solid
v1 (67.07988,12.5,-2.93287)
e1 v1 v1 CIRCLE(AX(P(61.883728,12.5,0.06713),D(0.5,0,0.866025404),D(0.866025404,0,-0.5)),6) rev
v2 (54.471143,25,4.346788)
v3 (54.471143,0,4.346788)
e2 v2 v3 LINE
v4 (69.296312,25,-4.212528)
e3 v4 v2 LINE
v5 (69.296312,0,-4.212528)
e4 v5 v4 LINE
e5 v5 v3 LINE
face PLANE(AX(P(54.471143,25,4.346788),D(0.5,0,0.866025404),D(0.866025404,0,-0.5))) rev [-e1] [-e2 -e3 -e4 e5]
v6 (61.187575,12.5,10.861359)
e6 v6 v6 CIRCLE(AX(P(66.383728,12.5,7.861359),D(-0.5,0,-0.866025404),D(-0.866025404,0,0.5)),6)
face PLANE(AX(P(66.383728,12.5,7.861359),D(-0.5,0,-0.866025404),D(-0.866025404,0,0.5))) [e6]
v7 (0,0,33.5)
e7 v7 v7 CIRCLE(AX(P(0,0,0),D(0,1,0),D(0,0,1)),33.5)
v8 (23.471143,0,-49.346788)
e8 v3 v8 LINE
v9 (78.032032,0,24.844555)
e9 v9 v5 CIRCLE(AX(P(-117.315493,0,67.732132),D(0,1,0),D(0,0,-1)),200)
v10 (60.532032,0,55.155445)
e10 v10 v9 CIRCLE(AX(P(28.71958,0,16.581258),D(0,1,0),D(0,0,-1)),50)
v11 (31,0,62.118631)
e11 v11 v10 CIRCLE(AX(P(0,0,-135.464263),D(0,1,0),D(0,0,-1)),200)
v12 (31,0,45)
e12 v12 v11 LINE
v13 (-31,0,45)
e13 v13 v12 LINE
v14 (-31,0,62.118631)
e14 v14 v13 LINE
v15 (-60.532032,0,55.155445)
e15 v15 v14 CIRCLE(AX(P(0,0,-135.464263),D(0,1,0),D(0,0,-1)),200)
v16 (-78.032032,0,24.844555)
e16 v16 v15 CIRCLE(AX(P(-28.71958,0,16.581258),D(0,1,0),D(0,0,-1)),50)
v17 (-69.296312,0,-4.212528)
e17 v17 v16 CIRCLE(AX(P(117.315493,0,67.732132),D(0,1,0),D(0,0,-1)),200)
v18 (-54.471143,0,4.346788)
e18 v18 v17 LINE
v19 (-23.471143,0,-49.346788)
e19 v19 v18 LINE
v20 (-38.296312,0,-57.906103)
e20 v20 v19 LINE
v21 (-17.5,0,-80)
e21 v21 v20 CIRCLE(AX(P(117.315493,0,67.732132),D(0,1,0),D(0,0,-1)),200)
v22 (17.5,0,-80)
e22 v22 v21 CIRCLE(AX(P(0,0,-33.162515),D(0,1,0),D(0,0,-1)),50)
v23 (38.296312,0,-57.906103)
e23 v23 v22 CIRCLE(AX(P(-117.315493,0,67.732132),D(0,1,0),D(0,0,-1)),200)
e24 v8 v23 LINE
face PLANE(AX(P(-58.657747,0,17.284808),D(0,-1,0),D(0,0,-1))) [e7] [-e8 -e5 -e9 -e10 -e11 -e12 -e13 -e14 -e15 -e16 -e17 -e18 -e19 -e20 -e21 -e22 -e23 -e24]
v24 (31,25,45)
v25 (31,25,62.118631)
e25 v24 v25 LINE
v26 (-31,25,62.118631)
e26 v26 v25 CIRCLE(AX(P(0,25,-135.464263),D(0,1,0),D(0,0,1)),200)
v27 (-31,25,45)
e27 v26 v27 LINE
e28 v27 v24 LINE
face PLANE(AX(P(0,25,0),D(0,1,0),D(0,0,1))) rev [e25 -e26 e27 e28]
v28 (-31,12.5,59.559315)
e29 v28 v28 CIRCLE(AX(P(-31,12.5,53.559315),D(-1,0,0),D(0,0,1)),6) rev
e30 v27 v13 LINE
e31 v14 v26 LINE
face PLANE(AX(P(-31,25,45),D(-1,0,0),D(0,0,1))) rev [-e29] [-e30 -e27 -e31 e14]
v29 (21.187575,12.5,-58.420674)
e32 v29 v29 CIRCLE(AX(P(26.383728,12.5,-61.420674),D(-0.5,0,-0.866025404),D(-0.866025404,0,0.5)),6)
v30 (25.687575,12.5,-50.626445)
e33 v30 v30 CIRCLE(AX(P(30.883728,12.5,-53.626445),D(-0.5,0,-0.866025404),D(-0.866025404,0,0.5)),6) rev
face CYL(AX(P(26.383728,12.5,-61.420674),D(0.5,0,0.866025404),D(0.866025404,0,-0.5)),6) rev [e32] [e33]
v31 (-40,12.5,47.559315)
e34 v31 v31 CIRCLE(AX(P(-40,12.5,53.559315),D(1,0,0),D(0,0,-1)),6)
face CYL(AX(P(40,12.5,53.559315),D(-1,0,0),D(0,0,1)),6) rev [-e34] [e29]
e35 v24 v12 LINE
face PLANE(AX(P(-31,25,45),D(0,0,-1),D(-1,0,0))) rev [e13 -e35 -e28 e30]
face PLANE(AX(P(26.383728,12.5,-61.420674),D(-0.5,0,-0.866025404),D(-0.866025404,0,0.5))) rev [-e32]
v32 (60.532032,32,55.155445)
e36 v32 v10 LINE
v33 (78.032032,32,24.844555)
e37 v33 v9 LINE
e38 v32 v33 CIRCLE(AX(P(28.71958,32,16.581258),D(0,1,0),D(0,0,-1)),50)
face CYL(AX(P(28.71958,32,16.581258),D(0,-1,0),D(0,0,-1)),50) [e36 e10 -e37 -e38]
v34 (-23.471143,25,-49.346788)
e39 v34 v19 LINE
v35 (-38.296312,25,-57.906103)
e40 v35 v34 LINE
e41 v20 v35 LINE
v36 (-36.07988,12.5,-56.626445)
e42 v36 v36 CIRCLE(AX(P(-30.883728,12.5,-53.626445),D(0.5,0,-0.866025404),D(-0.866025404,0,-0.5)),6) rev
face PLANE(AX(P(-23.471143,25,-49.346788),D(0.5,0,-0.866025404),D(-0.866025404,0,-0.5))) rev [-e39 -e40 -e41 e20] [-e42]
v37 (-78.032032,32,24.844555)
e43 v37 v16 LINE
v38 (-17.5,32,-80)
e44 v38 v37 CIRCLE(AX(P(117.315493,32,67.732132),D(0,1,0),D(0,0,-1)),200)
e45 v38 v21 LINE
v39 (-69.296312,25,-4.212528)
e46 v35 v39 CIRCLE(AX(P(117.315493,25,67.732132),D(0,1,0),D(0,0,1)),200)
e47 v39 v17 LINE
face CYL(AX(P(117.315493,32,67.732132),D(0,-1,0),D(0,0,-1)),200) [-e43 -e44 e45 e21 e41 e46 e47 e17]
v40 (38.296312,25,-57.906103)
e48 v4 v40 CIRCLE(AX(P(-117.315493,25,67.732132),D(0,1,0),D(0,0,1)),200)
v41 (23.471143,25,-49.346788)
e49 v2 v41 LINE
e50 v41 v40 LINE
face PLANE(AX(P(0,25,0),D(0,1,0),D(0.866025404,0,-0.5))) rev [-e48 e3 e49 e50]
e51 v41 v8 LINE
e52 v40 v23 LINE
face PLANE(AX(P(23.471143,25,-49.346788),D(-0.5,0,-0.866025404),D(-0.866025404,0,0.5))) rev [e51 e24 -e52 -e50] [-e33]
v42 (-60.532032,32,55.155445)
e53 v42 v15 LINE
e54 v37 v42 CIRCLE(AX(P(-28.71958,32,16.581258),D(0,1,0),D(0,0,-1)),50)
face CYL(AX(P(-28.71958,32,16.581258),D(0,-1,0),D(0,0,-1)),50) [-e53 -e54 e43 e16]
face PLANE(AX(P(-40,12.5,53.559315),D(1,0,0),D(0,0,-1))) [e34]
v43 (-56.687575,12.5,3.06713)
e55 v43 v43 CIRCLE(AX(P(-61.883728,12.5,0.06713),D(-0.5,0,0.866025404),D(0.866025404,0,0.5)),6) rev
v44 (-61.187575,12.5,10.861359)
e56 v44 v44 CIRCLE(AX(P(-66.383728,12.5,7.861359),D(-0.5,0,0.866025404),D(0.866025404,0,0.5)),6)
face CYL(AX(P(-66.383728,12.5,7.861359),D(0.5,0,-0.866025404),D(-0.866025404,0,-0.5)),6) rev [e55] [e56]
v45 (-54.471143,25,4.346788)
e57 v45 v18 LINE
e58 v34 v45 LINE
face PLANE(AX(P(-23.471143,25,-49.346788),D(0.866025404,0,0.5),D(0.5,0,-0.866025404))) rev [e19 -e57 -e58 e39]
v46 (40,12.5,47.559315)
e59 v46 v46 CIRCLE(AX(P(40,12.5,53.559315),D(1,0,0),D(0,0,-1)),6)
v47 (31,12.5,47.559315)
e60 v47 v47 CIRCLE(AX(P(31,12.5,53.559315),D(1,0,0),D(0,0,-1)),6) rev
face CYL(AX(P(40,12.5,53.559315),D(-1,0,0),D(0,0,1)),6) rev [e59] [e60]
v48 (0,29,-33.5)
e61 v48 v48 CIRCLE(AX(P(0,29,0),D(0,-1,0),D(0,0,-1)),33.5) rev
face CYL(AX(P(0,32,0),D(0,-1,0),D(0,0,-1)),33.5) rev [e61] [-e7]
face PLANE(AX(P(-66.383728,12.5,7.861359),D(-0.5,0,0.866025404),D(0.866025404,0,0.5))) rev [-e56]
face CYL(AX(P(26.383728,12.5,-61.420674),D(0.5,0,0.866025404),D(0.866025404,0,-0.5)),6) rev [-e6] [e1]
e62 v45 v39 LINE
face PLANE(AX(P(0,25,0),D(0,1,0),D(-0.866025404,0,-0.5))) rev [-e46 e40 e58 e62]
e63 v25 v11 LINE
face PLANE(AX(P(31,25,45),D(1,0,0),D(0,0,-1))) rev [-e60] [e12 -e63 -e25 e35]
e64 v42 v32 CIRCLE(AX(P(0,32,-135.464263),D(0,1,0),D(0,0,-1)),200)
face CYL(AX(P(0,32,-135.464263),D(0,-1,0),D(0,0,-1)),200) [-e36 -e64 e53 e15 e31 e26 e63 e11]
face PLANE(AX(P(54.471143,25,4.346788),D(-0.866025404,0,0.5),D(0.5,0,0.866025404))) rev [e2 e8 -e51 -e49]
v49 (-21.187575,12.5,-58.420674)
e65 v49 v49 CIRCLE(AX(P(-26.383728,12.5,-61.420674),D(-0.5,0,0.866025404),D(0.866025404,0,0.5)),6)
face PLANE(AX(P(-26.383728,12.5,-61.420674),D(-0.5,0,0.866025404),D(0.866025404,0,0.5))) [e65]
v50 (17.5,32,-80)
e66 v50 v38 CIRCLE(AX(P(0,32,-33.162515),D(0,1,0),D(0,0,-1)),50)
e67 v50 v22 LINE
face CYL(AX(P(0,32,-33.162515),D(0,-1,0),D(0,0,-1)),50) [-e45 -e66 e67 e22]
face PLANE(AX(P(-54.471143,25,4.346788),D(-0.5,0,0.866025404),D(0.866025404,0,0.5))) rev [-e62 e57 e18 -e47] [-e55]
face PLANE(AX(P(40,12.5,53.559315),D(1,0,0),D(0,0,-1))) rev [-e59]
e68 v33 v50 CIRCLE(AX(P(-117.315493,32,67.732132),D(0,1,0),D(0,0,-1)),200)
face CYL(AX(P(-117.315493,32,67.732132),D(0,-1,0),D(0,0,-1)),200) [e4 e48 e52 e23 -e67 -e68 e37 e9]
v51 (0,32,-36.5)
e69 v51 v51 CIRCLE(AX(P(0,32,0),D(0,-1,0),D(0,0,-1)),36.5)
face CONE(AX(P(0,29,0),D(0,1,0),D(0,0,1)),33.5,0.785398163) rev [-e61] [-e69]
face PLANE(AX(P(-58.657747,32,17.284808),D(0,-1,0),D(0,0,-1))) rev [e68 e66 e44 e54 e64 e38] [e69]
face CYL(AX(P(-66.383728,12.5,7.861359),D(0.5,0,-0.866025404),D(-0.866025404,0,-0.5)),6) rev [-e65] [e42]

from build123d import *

# Parameters (mm, degrees)
SKETCH1_R           = 33.5
BOSS_EXTRUDE1_DEPTH = 32
CHAMFER1_SIZE       = 3
SKETCH2_W           = 62
SKETCH2_H           = 20
CUT_EXTRUDE1_DEPTH  = 25
SKETCH3_R           = 6
CUT_EXTRUDE2_DEPTH  = 40
CIRPATTERN1_COUNT   = 3


with BuildPart() as part:
    # Sketch1 → Boss-Extrude1 (new body)
    with BuildSketch(Plane(origin=(0, 0, 0), x_dir=(1, 0, 0), z_dir=(0, 1, 0))):
        with BuildLine():
            ThreePointArc((17.5, 80), (55.889587347, 32.2678683), (78.032032303, -24.844555434))
            ThreePointArc((78.032032303, -24.844555434), (72.020850643, -41.581257506), (60.532032303, -55.155444566))
            ThreePointArc((60.532032303, -55.155444566), (0, -64.5357366), (-60.532032303, -55.155444566))
            ThreePointArc((-60.532032303, -55.155444566), (-72.020850643, -41.581257506), (-78.032032303, -24.844555434))
            ThreePointArc((-78.032032303, -24.844555434), (-55.889587347, 32.2678683), (-17.5, 80))
            ThreePointArc((-17.5, 80), (0, 83.162515012), (17.5, 80))
        make_face()
        with Locations(Location((0, 0, 0), (0, 0, 270))):
            Circle(SKETCH1_R, mode=Mode.SUBTRACT)
    extrude(amount=BOSS_EXTRUDE1_DEPTH)

    # Chamfer1
    chamfer1_edges = [part.edges().sort_by_distance(p)[0] for p in [
        (0, 32, -33.5),
    ]]
    chamfer(chamfer1_edges, length=CHAMFER1_SIZE)

    # Sketch2 → Cut-Extrude1 (cut)
    with BuildSketch(Plane.XZ):
        with Locations((0, 55)):
            Rectangle(SKETCH2_W, SKETCH2_H)
    cut_extrude1 = extrude(amount=-CUT_EXTRUDE1_DEPTH, mode=Mode.SUBTRACT)

    # Sketch3 → Cut-Extrude2 (cut, symmetric)
    with BuildSketch(Plane(origin=(0, 0, 0), x_dir=(0, 0, -1), z_dir=(1, 0, 0))):
        with Locations(Location((-53.559315298, 12.5, 0), (0, 0, 180))):
            Circle(SKETCH3_R)
    cut_extrude2 = extrude(amount=CUT_EXTRUDE2_DEPTH, both=True, mode=Mode.SUBTRACT)

    # CirPattern1: Cut-Extrude1, Cut-Extrude2 ×3 about axis
    cirpattern1_axis = Axis((0, 0, 0), (0, 1, 0))
    add([cut_extrude1.rotate(cirpattern1_axis, i * 360 / CIRPATTERN1_COUNT) for i in range(1, CIRPATTERN1_COUNT)], mode=Mode.SUBTRACT)
    add([cut_extrude2.rotate(cirpattern1_axis, i * 360 / CIRPATTERN1_COUNT) for i in range(1, CIRPATTERN1_COUNT)], mode=Mode.SUBTRACT)


solid = part.part
